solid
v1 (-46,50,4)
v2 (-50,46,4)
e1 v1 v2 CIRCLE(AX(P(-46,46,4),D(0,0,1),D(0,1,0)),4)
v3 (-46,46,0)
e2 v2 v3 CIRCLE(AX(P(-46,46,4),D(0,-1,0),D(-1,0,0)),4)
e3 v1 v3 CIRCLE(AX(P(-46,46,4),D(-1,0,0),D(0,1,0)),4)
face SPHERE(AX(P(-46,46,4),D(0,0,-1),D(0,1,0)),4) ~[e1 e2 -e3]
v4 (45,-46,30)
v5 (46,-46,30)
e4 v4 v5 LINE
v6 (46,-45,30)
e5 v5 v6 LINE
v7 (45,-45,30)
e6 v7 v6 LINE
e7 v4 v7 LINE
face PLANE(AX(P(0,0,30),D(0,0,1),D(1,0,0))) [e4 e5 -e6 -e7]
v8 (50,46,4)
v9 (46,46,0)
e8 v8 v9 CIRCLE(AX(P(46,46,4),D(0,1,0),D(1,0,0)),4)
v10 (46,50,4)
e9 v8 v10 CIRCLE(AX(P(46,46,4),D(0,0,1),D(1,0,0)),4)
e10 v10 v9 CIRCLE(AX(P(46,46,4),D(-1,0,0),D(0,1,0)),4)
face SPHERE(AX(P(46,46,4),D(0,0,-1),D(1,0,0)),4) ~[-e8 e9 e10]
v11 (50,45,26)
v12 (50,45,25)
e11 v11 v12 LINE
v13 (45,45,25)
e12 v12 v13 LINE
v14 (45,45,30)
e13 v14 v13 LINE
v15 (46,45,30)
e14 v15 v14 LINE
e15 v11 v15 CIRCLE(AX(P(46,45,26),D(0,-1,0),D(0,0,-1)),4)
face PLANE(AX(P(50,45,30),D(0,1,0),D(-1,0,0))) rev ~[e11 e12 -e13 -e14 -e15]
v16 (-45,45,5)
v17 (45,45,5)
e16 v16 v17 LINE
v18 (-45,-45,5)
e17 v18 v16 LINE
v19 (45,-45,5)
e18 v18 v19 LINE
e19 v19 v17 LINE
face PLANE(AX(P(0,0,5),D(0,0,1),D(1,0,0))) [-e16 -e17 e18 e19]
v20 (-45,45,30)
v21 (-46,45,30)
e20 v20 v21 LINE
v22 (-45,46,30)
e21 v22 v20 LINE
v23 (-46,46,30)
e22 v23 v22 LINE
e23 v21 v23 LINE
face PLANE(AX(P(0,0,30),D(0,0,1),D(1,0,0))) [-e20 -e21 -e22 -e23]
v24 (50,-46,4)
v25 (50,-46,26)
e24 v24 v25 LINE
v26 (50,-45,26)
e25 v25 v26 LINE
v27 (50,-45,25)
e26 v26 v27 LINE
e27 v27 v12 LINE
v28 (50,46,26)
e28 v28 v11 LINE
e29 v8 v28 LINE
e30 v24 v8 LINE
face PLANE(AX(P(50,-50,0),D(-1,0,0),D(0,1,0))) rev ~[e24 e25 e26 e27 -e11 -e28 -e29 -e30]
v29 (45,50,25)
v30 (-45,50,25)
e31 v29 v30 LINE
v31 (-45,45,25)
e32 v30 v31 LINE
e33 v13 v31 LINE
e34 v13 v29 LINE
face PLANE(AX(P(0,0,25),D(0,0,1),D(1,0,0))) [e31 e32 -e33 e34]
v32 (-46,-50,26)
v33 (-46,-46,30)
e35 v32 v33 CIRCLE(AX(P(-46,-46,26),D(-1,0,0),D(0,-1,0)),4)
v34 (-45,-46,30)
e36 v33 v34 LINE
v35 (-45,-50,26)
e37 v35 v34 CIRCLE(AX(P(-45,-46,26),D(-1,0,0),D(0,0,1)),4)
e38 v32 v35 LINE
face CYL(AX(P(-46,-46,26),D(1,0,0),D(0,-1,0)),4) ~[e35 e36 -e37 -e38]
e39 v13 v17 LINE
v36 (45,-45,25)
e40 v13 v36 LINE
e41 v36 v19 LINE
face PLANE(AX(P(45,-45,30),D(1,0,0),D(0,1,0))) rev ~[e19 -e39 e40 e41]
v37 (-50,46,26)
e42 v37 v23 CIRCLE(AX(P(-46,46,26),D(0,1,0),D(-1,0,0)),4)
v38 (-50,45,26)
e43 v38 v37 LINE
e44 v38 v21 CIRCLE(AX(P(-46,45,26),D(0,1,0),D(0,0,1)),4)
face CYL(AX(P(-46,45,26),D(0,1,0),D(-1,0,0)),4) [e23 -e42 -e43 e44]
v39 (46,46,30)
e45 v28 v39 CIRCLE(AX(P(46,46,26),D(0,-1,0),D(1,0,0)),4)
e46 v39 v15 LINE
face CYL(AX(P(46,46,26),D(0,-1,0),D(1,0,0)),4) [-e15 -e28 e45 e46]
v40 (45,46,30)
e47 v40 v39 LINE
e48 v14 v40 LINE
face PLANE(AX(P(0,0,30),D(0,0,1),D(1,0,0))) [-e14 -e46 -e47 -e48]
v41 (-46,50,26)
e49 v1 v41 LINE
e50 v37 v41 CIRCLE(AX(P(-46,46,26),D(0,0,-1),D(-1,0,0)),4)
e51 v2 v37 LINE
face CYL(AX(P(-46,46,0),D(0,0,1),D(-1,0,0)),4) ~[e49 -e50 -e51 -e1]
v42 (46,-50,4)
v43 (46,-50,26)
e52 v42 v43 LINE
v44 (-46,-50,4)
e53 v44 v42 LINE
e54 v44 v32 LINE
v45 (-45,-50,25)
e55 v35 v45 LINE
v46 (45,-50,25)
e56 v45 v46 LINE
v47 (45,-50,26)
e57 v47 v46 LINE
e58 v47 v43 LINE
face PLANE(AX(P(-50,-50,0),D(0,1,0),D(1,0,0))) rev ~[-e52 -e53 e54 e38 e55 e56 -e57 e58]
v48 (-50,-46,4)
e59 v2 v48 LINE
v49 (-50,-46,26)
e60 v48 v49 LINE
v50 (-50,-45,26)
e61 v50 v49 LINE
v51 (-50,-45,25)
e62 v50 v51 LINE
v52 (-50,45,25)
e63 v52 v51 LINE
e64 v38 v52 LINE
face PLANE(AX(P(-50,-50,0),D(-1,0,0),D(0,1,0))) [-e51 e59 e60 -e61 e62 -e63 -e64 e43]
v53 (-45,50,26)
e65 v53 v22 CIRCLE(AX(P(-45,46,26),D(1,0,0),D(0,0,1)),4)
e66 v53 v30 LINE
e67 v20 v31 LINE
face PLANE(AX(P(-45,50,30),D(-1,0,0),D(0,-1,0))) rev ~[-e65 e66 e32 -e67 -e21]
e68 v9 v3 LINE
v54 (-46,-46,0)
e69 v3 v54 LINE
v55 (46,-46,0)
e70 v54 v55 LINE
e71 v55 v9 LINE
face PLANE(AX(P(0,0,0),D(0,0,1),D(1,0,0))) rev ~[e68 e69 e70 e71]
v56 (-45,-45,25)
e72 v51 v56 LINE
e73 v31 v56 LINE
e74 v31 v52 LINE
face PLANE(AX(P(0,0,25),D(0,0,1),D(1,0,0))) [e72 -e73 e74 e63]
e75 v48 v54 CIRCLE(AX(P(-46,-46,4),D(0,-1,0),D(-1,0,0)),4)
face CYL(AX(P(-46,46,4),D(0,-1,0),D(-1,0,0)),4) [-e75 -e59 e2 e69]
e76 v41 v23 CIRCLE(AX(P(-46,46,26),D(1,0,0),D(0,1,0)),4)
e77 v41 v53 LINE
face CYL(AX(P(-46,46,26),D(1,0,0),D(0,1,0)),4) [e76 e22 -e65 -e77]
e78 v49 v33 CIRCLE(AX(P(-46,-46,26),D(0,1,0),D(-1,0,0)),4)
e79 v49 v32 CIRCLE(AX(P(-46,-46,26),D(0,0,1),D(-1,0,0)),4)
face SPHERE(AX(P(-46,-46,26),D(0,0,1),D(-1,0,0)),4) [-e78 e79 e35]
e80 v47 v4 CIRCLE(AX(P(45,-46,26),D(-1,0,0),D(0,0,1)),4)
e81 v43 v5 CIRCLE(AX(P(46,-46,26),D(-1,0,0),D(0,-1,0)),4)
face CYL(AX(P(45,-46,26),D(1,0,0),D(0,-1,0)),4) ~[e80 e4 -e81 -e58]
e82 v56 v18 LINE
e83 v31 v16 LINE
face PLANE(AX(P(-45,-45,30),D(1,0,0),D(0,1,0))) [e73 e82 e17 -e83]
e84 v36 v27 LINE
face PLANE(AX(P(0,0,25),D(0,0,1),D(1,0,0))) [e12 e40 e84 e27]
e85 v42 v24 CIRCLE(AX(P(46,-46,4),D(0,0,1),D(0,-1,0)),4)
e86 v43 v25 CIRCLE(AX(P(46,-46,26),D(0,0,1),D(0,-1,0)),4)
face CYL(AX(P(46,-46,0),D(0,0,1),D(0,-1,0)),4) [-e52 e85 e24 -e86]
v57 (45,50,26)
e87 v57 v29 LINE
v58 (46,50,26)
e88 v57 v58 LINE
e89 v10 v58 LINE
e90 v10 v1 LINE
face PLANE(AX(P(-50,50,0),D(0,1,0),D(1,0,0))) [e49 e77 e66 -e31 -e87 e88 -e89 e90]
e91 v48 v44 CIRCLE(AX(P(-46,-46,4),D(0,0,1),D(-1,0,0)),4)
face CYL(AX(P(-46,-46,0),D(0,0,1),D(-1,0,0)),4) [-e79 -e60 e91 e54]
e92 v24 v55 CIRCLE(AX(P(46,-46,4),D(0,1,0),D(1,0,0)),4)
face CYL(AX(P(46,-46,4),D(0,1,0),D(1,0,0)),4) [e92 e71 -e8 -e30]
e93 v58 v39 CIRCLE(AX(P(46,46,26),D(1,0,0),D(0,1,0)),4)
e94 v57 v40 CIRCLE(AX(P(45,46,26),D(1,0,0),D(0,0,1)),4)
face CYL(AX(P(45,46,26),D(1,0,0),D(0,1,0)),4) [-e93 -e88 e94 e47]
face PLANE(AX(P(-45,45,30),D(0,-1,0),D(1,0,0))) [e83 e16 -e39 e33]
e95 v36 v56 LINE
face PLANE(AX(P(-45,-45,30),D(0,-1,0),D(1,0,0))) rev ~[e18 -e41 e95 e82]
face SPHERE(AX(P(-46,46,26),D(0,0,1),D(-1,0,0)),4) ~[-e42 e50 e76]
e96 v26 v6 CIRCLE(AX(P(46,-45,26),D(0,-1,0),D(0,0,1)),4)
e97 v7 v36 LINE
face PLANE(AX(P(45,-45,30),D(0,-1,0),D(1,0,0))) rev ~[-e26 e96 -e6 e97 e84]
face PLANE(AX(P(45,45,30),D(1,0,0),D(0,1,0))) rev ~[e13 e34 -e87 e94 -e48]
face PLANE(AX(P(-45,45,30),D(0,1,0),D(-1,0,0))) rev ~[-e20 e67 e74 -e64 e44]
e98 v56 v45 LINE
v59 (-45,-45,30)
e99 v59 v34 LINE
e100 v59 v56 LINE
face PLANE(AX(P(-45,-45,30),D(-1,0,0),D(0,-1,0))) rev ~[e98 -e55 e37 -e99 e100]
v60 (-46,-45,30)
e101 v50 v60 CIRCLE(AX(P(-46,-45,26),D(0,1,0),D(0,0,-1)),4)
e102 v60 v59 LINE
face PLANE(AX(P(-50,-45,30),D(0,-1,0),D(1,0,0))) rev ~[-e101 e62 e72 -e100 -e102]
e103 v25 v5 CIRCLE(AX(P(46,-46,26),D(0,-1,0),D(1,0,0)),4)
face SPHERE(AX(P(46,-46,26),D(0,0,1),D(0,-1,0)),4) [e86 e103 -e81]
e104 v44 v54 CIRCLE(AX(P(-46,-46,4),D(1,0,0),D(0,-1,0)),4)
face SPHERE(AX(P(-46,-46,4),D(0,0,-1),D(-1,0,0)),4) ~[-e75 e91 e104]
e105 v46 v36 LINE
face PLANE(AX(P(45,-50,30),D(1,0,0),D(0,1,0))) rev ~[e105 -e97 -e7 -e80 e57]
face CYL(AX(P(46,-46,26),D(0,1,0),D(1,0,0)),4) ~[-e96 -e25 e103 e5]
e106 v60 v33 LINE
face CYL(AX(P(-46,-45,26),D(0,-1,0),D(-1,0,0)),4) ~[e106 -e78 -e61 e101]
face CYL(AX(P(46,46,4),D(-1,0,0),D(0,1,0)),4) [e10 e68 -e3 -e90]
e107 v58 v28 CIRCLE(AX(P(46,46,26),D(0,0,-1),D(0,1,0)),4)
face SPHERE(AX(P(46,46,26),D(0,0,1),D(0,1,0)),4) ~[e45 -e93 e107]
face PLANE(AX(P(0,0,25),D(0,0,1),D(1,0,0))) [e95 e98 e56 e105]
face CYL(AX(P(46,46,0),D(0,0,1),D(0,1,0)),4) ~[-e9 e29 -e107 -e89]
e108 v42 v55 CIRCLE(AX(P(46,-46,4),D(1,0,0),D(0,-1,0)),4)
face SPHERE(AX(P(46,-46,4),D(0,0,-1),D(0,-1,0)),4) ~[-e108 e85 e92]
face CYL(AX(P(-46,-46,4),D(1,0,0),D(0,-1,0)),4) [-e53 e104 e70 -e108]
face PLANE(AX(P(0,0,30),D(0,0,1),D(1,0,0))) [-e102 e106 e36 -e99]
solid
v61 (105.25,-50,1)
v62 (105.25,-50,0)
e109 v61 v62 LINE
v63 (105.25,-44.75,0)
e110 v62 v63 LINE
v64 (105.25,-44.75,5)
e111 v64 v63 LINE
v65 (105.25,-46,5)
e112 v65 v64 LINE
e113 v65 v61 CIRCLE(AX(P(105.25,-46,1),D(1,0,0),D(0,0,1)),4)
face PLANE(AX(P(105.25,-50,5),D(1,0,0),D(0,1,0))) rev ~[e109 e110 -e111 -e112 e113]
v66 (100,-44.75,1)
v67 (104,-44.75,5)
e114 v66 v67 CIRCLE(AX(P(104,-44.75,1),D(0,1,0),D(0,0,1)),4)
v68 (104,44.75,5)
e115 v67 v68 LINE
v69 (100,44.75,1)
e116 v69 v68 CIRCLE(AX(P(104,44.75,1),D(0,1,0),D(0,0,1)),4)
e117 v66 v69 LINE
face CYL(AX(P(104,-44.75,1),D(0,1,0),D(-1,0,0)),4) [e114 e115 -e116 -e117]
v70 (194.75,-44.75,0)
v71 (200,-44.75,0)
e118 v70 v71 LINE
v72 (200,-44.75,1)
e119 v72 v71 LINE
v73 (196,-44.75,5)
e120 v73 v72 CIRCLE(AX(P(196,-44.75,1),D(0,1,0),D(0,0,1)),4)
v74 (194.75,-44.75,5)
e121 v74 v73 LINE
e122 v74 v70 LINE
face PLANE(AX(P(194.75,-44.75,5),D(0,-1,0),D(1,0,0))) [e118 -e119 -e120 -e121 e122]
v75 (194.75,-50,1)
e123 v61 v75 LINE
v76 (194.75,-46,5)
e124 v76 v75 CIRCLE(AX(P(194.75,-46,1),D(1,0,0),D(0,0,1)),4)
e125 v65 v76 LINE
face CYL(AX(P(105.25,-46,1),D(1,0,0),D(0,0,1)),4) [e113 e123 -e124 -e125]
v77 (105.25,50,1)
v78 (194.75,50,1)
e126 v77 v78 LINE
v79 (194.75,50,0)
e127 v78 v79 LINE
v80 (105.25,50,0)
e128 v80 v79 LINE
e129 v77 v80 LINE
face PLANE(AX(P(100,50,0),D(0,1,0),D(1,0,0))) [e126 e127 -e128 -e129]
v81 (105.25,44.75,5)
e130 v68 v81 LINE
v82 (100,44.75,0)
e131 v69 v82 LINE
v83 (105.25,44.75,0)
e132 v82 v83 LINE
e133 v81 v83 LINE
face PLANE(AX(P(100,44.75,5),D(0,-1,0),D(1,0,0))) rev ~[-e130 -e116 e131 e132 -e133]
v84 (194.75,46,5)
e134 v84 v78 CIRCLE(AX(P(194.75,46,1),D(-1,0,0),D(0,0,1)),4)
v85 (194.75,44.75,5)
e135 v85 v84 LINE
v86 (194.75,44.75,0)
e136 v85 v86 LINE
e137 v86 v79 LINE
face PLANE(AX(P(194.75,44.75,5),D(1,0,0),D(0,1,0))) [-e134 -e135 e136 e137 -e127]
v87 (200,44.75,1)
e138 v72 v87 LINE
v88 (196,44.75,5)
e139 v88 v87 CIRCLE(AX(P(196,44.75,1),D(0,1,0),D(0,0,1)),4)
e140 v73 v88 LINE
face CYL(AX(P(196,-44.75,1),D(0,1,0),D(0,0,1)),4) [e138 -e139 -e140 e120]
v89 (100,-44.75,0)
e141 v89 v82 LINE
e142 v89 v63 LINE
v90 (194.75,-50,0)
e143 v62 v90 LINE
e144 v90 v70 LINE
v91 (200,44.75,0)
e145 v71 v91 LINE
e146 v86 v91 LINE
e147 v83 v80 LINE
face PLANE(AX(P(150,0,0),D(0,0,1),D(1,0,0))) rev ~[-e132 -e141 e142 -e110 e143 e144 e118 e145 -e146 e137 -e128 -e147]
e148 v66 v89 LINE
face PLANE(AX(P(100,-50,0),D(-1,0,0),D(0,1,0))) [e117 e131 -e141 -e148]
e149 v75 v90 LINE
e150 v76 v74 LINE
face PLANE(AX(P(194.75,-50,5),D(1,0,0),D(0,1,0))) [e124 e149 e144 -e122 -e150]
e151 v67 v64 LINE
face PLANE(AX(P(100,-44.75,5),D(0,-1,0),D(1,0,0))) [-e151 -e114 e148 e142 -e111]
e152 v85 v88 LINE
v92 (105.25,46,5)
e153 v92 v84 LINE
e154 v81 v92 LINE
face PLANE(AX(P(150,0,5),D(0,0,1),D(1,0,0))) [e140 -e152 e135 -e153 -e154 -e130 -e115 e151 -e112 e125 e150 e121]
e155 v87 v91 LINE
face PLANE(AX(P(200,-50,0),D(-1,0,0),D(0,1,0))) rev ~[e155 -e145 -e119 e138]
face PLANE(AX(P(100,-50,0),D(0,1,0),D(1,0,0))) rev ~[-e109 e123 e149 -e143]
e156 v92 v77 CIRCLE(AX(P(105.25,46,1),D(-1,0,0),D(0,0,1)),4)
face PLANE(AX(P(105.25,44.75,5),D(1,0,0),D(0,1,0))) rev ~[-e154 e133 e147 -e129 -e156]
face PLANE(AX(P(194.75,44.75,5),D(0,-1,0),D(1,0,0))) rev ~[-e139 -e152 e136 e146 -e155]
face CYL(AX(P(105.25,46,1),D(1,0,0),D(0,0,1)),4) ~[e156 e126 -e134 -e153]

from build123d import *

# Parameters (mm, degrees)
SKETCH_W        = 100
SKETCH_H        = 100
PAD_DEPTH       = 30
SKETCH001_W     = 90
SKETCH001_H     = 90
POCKET_DEPTH    = 25
POCKET001_DEPTH = 5
FILLET_R        = 4
FILLET001_R     = 4
FILLET003_R     = 4
SKETCH002_W     = 100
SKETCH002_H     = 100
PAD001_DEPTH    = 5
SKETCH004_W     = 5.25
SKETCH004_H     = 5.25
POCKET002_DEPTH = 5.001
FILLET002_R     = 4


with BuildPart() as boxbase:
    # Sketch → Pad (new body)
    with BuildSketch(Plane.XY):
        Rectangle(SKETCH_W, SKETCH_H)
    extrude(amount=PAD_DEPTH)

    # Sketch001 (on Face6 of Pad) → Pocket (cut)
    with BuildSketch(Plane.XY.offset(30)):
        Rectangle(SKETCH001_W, SKETCH001_H)
    extrude(amount=-POCKET_DEPTH, mode=Mode.SUBTRACT)

    # Sketch003 (on Face5 of Pocket) → Pocket001 (cut)
    with BuildSketch(Plane.XY.offset(30)):
        Polygon((-45, 50), (-45, 45), (-50, 45), (-50, -45), (-45, -45), (-45, -50), (45, -50), (45, -45), (50, -45), (50, 45), (45, 45), (45, 50), align=None)
    extrude(amount=-POCKET001_DEPTH, mode=Mode.SUBTRACT)

    # Fillet
    fillet_edges = [boxbase.edges().sort_by_distance(p)[0] for p in [
        (50, 50, 15),
        (50, -50, 15),
        (-50, -50, 15),
        (-50, 50, 15),
    ]]
    fillet(fillet_edges, radius=FILLET_R)

    # Fillet001
    fillet001_edges = [boxbase.edges().sort_by_distance(p)[0] for p in [
        (-48.828427, 48.828427, 30),
        (48.828427, 48.828427, 30),
        (48.828427, -48.828427, 30),
        (-48.828427, -48.828427, 30),
    ]]
    fillet(fillet001_edges, radius=FILLET001_R)

    # Fillet003
    fillet003_edges = [boxbase.edges().sort_by_distance(p)[0] for p in [
        (-48.828427, -48.828427, 0),
        (0, -50, 0),
        (48.828427, -48.828427, 0),
        (50, 0, 0),
        (48.828427, 48.828427, 0),
        (0, 50, 0),
        (-48.828427, 48.828427, 0),
        (-50, 0, 0),
    ]]
    fillet(fillet003_edges, radius=FILLET003_R)


with BuildPart() as boxtop:
    # Sketch002 → Pad001 (new body)
    with BuildSketch(Plane.XY):
        with Locations((150, 0)):
            Rectangle(SKETCH002_W, SKETCH002_H)
    extrude(amount=PAD001_DEPTH)

    # Sketch004 (on Face6 of Pad001) → Pocket002 (cut, through all)
    with BuildSketch(Plane.XY.offset(5)):
        with Locations((102.625, 47.375)):
            Rectangle(SKETCH004_W, SKETCH004_H)
        with Locations((197.375, 47.375)):
            Rectangle(SKETCH004_W, SKETCH004_H)
        with Locations((102.625, -47.375)):
            Rectangle(SKETCH004_W, SKETCH004_H)
        with Locations((197.375, -47.375)):
            Rectangle(SKETCH004_W, SKETCH004_H)
    extrude(amount=-POCKET002_DEPTH, mode=Mode.SUBTRACT)

    # Fillet002
    fillet002_edges = [boxtop.edges().sort_by_distance(p)[0] for p in [
        (150, 50, 5),
        (200, 0, 5),
        (150, -50, 5),
        (100, 0, 5),
    ]]
    fillet(fillet002_edges, radius=FILLET002_R)


solid = Compound([boxbase.part, boxtop.part])
